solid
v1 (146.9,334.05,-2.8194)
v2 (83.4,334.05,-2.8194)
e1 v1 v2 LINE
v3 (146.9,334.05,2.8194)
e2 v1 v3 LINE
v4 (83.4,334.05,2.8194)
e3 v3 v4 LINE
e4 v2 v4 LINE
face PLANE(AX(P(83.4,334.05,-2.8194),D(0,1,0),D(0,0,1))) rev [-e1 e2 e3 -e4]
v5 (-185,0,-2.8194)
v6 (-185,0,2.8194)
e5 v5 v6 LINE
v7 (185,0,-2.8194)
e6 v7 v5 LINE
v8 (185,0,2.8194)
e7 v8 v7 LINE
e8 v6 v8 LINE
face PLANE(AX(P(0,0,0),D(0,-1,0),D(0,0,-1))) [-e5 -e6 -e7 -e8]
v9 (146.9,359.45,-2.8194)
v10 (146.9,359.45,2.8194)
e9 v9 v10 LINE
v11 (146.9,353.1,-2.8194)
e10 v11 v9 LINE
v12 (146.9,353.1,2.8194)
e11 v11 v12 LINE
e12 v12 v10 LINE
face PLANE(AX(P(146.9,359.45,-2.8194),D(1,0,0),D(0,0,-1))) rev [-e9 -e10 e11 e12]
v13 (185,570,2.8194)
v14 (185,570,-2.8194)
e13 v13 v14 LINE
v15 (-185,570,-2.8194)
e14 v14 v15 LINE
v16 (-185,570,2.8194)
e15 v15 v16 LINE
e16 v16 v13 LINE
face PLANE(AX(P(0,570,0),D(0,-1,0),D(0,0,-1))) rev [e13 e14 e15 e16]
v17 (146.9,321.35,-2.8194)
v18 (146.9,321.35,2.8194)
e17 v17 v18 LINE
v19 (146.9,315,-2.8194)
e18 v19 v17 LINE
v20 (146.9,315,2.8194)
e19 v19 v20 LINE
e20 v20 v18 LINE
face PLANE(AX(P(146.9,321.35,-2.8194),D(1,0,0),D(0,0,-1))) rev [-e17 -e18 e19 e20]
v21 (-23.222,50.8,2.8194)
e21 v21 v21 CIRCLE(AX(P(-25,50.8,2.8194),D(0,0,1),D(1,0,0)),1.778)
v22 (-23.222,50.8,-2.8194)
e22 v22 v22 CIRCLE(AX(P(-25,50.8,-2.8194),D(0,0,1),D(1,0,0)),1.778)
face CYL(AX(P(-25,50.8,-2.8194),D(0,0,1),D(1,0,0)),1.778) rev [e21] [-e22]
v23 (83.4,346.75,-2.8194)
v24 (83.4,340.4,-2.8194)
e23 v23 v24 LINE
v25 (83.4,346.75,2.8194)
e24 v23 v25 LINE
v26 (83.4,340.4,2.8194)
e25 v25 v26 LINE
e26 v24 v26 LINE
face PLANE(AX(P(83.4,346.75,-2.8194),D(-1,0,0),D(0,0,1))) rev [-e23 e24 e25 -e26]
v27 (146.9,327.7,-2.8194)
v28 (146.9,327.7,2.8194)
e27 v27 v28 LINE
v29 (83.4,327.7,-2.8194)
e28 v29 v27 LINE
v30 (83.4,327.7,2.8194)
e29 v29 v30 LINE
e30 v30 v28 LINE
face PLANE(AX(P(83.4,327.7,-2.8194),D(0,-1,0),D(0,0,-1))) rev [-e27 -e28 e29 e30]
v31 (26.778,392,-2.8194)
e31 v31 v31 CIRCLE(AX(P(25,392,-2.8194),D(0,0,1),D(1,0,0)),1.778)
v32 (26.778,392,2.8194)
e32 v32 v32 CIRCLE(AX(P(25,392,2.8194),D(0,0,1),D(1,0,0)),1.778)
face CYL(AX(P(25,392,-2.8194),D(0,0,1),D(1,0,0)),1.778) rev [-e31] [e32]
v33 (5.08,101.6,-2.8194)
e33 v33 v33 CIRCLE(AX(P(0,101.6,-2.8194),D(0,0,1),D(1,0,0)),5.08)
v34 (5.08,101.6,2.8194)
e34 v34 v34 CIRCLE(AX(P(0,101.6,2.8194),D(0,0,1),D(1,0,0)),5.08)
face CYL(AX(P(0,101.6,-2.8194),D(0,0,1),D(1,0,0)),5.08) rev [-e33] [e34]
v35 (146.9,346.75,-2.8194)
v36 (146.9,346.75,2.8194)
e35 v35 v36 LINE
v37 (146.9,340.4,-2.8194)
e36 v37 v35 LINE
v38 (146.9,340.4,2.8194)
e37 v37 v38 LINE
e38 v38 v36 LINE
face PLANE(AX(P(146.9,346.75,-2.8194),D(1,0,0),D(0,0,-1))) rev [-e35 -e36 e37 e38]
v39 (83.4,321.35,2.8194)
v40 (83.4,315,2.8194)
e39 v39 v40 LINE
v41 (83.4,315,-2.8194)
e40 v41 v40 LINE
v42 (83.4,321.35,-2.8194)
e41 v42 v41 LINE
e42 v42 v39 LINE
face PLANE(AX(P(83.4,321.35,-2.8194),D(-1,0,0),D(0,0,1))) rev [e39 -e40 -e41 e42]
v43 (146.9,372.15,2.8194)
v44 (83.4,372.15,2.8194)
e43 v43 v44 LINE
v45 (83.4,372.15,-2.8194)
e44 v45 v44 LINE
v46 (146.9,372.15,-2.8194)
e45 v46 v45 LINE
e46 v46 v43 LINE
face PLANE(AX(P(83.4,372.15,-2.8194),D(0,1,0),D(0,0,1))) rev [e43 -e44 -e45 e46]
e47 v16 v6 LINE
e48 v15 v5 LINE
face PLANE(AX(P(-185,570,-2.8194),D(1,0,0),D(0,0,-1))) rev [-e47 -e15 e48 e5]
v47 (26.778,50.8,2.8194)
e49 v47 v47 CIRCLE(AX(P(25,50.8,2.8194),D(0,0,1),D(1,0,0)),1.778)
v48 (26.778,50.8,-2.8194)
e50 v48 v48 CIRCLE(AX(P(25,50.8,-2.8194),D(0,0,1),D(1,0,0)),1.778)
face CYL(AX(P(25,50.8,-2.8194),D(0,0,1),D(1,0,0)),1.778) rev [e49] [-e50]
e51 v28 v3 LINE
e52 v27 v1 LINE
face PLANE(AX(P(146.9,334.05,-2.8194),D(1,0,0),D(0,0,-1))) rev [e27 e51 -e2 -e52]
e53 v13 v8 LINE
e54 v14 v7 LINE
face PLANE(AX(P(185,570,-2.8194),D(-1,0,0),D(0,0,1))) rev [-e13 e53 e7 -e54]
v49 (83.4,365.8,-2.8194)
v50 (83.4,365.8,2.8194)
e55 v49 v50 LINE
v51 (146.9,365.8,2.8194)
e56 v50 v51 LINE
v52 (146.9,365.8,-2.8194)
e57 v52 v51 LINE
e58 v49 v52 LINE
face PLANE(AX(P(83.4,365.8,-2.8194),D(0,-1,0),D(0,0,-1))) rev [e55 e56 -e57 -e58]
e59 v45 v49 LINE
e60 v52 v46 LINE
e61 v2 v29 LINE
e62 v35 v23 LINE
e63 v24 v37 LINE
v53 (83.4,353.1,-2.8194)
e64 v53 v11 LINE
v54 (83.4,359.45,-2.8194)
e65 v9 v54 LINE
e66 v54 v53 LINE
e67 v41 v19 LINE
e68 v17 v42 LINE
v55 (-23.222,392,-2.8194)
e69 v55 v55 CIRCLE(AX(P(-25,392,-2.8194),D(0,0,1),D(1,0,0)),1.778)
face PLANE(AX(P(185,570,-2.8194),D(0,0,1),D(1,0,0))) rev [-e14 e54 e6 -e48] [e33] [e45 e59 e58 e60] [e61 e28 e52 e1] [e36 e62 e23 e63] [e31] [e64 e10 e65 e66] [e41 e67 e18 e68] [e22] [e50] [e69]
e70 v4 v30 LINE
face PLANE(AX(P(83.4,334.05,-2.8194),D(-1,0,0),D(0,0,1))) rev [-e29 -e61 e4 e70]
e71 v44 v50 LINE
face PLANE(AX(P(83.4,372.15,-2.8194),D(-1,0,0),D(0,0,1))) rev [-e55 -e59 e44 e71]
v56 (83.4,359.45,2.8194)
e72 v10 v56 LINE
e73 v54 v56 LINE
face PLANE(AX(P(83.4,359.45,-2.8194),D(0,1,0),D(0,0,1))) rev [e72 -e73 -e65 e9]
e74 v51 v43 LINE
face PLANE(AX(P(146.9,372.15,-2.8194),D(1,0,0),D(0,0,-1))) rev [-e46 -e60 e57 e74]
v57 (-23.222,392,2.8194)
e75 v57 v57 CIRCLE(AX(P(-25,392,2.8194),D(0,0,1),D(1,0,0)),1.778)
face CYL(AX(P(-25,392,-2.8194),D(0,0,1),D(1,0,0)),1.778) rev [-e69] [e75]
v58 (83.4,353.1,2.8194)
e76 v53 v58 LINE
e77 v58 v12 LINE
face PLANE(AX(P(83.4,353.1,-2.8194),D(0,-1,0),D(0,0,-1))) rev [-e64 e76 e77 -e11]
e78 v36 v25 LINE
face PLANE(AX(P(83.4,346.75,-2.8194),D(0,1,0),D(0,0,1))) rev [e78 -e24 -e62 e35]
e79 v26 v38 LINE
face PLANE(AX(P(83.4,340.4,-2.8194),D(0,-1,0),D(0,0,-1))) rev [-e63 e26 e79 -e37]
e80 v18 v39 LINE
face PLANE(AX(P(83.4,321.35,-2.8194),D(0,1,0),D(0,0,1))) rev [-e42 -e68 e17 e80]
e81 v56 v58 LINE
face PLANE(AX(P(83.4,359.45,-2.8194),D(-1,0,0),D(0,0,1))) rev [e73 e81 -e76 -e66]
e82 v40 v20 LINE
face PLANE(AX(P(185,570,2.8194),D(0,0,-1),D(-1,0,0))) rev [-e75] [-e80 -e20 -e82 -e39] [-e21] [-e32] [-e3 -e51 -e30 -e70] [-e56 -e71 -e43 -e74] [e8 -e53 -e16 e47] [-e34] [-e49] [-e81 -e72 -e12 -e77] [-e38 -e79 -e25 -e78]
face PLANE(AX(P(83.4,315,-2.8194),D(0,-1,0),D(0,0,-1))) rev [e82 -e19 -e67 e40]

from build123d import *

# Parameters (mm, degrees)
SKETCH1_W           = 370
SKETCH1_H           = 5.6388
BOSS_EXTRUDE1_DEPTH = 570
SKETCH2_R           = 5.08
CUT_EXTRUDE1_DEPTH  = 6.6388
SKETCH3_R           = 1.778
CUT_EXTRUDE2_DEPTH  = 6.6388
SKETCH4_W           = 63.5
SKETCH4_H           = 6.35
CUT_EXTRUDE3_DEPTH  = 6.6388
LPATTERN1_COUNT     = 5
LPATTERN1_PITCH     = 12.7


with BuildPart() as part:
    # Sketch1 → Boss-Extrude1 (new body)
    with BuildSketch(Plane(origin=(0, 0, 0), x_dir=(1, 0, 0), z_dir=(0, 1, 0))):
        Rectangle(SKETCH1_W, SKETCH1_H)
    extrude(amount=BOSS_EXTRUDE1_DEPTH)

    # Sketch2 → Cut-Extrude1 (cut, through all)
    with BuildSketch(Plane.XY.offset(2.8194)):
        with Locations((0, 101.6)):
            Circle(SKETCH2_R)
    extrude(amount=-CUT_EXTRUDE1_DEPTH, mode=Mode.SUBTRACT)

    # Sketch3 → Cut-Extrude2 (cut, through all)
    with BuildSketch(Plane.XY.offset(2.8194)):
        with Locations((-25, 50.8)):
            Circle(SKETCH3_R)
        with Locations((25, 50.8)):
            Circle(SKETCH3_R)
        with Locations((-25, 392)):
            Circle(SKETCH3_R)
        with Locations((25, 392)):
            Circle(SKETCH3_R)
    extrude(amount=-CUT_EXTRUDE2_DEPTH, mode=Mode.SUBTRACT)

    # Sketch4 → Cut-Extrude3 (cut, through all)
    with BuildSketch(Plane.XY.offset(2.8194)):
        with Locations((115.15, 318.175)):
            Rectangle(SKETCH4_W, SKETCH4_H)
    cut_extrude3 = extrude(amount=-CUT_EXTRUDE3_DEPTH, mode=Mode.SUBTRACT)

    # LPattern1: Cut-Extrude3 ×5
    with Locations(*[(0, i * LPATTERN1_PITCH, 0) for i in range(1, LPATTERN1_COUNT)]):
        add(cut_extrude3, mode=Mode.SUBTRACT)


solid = part.part
